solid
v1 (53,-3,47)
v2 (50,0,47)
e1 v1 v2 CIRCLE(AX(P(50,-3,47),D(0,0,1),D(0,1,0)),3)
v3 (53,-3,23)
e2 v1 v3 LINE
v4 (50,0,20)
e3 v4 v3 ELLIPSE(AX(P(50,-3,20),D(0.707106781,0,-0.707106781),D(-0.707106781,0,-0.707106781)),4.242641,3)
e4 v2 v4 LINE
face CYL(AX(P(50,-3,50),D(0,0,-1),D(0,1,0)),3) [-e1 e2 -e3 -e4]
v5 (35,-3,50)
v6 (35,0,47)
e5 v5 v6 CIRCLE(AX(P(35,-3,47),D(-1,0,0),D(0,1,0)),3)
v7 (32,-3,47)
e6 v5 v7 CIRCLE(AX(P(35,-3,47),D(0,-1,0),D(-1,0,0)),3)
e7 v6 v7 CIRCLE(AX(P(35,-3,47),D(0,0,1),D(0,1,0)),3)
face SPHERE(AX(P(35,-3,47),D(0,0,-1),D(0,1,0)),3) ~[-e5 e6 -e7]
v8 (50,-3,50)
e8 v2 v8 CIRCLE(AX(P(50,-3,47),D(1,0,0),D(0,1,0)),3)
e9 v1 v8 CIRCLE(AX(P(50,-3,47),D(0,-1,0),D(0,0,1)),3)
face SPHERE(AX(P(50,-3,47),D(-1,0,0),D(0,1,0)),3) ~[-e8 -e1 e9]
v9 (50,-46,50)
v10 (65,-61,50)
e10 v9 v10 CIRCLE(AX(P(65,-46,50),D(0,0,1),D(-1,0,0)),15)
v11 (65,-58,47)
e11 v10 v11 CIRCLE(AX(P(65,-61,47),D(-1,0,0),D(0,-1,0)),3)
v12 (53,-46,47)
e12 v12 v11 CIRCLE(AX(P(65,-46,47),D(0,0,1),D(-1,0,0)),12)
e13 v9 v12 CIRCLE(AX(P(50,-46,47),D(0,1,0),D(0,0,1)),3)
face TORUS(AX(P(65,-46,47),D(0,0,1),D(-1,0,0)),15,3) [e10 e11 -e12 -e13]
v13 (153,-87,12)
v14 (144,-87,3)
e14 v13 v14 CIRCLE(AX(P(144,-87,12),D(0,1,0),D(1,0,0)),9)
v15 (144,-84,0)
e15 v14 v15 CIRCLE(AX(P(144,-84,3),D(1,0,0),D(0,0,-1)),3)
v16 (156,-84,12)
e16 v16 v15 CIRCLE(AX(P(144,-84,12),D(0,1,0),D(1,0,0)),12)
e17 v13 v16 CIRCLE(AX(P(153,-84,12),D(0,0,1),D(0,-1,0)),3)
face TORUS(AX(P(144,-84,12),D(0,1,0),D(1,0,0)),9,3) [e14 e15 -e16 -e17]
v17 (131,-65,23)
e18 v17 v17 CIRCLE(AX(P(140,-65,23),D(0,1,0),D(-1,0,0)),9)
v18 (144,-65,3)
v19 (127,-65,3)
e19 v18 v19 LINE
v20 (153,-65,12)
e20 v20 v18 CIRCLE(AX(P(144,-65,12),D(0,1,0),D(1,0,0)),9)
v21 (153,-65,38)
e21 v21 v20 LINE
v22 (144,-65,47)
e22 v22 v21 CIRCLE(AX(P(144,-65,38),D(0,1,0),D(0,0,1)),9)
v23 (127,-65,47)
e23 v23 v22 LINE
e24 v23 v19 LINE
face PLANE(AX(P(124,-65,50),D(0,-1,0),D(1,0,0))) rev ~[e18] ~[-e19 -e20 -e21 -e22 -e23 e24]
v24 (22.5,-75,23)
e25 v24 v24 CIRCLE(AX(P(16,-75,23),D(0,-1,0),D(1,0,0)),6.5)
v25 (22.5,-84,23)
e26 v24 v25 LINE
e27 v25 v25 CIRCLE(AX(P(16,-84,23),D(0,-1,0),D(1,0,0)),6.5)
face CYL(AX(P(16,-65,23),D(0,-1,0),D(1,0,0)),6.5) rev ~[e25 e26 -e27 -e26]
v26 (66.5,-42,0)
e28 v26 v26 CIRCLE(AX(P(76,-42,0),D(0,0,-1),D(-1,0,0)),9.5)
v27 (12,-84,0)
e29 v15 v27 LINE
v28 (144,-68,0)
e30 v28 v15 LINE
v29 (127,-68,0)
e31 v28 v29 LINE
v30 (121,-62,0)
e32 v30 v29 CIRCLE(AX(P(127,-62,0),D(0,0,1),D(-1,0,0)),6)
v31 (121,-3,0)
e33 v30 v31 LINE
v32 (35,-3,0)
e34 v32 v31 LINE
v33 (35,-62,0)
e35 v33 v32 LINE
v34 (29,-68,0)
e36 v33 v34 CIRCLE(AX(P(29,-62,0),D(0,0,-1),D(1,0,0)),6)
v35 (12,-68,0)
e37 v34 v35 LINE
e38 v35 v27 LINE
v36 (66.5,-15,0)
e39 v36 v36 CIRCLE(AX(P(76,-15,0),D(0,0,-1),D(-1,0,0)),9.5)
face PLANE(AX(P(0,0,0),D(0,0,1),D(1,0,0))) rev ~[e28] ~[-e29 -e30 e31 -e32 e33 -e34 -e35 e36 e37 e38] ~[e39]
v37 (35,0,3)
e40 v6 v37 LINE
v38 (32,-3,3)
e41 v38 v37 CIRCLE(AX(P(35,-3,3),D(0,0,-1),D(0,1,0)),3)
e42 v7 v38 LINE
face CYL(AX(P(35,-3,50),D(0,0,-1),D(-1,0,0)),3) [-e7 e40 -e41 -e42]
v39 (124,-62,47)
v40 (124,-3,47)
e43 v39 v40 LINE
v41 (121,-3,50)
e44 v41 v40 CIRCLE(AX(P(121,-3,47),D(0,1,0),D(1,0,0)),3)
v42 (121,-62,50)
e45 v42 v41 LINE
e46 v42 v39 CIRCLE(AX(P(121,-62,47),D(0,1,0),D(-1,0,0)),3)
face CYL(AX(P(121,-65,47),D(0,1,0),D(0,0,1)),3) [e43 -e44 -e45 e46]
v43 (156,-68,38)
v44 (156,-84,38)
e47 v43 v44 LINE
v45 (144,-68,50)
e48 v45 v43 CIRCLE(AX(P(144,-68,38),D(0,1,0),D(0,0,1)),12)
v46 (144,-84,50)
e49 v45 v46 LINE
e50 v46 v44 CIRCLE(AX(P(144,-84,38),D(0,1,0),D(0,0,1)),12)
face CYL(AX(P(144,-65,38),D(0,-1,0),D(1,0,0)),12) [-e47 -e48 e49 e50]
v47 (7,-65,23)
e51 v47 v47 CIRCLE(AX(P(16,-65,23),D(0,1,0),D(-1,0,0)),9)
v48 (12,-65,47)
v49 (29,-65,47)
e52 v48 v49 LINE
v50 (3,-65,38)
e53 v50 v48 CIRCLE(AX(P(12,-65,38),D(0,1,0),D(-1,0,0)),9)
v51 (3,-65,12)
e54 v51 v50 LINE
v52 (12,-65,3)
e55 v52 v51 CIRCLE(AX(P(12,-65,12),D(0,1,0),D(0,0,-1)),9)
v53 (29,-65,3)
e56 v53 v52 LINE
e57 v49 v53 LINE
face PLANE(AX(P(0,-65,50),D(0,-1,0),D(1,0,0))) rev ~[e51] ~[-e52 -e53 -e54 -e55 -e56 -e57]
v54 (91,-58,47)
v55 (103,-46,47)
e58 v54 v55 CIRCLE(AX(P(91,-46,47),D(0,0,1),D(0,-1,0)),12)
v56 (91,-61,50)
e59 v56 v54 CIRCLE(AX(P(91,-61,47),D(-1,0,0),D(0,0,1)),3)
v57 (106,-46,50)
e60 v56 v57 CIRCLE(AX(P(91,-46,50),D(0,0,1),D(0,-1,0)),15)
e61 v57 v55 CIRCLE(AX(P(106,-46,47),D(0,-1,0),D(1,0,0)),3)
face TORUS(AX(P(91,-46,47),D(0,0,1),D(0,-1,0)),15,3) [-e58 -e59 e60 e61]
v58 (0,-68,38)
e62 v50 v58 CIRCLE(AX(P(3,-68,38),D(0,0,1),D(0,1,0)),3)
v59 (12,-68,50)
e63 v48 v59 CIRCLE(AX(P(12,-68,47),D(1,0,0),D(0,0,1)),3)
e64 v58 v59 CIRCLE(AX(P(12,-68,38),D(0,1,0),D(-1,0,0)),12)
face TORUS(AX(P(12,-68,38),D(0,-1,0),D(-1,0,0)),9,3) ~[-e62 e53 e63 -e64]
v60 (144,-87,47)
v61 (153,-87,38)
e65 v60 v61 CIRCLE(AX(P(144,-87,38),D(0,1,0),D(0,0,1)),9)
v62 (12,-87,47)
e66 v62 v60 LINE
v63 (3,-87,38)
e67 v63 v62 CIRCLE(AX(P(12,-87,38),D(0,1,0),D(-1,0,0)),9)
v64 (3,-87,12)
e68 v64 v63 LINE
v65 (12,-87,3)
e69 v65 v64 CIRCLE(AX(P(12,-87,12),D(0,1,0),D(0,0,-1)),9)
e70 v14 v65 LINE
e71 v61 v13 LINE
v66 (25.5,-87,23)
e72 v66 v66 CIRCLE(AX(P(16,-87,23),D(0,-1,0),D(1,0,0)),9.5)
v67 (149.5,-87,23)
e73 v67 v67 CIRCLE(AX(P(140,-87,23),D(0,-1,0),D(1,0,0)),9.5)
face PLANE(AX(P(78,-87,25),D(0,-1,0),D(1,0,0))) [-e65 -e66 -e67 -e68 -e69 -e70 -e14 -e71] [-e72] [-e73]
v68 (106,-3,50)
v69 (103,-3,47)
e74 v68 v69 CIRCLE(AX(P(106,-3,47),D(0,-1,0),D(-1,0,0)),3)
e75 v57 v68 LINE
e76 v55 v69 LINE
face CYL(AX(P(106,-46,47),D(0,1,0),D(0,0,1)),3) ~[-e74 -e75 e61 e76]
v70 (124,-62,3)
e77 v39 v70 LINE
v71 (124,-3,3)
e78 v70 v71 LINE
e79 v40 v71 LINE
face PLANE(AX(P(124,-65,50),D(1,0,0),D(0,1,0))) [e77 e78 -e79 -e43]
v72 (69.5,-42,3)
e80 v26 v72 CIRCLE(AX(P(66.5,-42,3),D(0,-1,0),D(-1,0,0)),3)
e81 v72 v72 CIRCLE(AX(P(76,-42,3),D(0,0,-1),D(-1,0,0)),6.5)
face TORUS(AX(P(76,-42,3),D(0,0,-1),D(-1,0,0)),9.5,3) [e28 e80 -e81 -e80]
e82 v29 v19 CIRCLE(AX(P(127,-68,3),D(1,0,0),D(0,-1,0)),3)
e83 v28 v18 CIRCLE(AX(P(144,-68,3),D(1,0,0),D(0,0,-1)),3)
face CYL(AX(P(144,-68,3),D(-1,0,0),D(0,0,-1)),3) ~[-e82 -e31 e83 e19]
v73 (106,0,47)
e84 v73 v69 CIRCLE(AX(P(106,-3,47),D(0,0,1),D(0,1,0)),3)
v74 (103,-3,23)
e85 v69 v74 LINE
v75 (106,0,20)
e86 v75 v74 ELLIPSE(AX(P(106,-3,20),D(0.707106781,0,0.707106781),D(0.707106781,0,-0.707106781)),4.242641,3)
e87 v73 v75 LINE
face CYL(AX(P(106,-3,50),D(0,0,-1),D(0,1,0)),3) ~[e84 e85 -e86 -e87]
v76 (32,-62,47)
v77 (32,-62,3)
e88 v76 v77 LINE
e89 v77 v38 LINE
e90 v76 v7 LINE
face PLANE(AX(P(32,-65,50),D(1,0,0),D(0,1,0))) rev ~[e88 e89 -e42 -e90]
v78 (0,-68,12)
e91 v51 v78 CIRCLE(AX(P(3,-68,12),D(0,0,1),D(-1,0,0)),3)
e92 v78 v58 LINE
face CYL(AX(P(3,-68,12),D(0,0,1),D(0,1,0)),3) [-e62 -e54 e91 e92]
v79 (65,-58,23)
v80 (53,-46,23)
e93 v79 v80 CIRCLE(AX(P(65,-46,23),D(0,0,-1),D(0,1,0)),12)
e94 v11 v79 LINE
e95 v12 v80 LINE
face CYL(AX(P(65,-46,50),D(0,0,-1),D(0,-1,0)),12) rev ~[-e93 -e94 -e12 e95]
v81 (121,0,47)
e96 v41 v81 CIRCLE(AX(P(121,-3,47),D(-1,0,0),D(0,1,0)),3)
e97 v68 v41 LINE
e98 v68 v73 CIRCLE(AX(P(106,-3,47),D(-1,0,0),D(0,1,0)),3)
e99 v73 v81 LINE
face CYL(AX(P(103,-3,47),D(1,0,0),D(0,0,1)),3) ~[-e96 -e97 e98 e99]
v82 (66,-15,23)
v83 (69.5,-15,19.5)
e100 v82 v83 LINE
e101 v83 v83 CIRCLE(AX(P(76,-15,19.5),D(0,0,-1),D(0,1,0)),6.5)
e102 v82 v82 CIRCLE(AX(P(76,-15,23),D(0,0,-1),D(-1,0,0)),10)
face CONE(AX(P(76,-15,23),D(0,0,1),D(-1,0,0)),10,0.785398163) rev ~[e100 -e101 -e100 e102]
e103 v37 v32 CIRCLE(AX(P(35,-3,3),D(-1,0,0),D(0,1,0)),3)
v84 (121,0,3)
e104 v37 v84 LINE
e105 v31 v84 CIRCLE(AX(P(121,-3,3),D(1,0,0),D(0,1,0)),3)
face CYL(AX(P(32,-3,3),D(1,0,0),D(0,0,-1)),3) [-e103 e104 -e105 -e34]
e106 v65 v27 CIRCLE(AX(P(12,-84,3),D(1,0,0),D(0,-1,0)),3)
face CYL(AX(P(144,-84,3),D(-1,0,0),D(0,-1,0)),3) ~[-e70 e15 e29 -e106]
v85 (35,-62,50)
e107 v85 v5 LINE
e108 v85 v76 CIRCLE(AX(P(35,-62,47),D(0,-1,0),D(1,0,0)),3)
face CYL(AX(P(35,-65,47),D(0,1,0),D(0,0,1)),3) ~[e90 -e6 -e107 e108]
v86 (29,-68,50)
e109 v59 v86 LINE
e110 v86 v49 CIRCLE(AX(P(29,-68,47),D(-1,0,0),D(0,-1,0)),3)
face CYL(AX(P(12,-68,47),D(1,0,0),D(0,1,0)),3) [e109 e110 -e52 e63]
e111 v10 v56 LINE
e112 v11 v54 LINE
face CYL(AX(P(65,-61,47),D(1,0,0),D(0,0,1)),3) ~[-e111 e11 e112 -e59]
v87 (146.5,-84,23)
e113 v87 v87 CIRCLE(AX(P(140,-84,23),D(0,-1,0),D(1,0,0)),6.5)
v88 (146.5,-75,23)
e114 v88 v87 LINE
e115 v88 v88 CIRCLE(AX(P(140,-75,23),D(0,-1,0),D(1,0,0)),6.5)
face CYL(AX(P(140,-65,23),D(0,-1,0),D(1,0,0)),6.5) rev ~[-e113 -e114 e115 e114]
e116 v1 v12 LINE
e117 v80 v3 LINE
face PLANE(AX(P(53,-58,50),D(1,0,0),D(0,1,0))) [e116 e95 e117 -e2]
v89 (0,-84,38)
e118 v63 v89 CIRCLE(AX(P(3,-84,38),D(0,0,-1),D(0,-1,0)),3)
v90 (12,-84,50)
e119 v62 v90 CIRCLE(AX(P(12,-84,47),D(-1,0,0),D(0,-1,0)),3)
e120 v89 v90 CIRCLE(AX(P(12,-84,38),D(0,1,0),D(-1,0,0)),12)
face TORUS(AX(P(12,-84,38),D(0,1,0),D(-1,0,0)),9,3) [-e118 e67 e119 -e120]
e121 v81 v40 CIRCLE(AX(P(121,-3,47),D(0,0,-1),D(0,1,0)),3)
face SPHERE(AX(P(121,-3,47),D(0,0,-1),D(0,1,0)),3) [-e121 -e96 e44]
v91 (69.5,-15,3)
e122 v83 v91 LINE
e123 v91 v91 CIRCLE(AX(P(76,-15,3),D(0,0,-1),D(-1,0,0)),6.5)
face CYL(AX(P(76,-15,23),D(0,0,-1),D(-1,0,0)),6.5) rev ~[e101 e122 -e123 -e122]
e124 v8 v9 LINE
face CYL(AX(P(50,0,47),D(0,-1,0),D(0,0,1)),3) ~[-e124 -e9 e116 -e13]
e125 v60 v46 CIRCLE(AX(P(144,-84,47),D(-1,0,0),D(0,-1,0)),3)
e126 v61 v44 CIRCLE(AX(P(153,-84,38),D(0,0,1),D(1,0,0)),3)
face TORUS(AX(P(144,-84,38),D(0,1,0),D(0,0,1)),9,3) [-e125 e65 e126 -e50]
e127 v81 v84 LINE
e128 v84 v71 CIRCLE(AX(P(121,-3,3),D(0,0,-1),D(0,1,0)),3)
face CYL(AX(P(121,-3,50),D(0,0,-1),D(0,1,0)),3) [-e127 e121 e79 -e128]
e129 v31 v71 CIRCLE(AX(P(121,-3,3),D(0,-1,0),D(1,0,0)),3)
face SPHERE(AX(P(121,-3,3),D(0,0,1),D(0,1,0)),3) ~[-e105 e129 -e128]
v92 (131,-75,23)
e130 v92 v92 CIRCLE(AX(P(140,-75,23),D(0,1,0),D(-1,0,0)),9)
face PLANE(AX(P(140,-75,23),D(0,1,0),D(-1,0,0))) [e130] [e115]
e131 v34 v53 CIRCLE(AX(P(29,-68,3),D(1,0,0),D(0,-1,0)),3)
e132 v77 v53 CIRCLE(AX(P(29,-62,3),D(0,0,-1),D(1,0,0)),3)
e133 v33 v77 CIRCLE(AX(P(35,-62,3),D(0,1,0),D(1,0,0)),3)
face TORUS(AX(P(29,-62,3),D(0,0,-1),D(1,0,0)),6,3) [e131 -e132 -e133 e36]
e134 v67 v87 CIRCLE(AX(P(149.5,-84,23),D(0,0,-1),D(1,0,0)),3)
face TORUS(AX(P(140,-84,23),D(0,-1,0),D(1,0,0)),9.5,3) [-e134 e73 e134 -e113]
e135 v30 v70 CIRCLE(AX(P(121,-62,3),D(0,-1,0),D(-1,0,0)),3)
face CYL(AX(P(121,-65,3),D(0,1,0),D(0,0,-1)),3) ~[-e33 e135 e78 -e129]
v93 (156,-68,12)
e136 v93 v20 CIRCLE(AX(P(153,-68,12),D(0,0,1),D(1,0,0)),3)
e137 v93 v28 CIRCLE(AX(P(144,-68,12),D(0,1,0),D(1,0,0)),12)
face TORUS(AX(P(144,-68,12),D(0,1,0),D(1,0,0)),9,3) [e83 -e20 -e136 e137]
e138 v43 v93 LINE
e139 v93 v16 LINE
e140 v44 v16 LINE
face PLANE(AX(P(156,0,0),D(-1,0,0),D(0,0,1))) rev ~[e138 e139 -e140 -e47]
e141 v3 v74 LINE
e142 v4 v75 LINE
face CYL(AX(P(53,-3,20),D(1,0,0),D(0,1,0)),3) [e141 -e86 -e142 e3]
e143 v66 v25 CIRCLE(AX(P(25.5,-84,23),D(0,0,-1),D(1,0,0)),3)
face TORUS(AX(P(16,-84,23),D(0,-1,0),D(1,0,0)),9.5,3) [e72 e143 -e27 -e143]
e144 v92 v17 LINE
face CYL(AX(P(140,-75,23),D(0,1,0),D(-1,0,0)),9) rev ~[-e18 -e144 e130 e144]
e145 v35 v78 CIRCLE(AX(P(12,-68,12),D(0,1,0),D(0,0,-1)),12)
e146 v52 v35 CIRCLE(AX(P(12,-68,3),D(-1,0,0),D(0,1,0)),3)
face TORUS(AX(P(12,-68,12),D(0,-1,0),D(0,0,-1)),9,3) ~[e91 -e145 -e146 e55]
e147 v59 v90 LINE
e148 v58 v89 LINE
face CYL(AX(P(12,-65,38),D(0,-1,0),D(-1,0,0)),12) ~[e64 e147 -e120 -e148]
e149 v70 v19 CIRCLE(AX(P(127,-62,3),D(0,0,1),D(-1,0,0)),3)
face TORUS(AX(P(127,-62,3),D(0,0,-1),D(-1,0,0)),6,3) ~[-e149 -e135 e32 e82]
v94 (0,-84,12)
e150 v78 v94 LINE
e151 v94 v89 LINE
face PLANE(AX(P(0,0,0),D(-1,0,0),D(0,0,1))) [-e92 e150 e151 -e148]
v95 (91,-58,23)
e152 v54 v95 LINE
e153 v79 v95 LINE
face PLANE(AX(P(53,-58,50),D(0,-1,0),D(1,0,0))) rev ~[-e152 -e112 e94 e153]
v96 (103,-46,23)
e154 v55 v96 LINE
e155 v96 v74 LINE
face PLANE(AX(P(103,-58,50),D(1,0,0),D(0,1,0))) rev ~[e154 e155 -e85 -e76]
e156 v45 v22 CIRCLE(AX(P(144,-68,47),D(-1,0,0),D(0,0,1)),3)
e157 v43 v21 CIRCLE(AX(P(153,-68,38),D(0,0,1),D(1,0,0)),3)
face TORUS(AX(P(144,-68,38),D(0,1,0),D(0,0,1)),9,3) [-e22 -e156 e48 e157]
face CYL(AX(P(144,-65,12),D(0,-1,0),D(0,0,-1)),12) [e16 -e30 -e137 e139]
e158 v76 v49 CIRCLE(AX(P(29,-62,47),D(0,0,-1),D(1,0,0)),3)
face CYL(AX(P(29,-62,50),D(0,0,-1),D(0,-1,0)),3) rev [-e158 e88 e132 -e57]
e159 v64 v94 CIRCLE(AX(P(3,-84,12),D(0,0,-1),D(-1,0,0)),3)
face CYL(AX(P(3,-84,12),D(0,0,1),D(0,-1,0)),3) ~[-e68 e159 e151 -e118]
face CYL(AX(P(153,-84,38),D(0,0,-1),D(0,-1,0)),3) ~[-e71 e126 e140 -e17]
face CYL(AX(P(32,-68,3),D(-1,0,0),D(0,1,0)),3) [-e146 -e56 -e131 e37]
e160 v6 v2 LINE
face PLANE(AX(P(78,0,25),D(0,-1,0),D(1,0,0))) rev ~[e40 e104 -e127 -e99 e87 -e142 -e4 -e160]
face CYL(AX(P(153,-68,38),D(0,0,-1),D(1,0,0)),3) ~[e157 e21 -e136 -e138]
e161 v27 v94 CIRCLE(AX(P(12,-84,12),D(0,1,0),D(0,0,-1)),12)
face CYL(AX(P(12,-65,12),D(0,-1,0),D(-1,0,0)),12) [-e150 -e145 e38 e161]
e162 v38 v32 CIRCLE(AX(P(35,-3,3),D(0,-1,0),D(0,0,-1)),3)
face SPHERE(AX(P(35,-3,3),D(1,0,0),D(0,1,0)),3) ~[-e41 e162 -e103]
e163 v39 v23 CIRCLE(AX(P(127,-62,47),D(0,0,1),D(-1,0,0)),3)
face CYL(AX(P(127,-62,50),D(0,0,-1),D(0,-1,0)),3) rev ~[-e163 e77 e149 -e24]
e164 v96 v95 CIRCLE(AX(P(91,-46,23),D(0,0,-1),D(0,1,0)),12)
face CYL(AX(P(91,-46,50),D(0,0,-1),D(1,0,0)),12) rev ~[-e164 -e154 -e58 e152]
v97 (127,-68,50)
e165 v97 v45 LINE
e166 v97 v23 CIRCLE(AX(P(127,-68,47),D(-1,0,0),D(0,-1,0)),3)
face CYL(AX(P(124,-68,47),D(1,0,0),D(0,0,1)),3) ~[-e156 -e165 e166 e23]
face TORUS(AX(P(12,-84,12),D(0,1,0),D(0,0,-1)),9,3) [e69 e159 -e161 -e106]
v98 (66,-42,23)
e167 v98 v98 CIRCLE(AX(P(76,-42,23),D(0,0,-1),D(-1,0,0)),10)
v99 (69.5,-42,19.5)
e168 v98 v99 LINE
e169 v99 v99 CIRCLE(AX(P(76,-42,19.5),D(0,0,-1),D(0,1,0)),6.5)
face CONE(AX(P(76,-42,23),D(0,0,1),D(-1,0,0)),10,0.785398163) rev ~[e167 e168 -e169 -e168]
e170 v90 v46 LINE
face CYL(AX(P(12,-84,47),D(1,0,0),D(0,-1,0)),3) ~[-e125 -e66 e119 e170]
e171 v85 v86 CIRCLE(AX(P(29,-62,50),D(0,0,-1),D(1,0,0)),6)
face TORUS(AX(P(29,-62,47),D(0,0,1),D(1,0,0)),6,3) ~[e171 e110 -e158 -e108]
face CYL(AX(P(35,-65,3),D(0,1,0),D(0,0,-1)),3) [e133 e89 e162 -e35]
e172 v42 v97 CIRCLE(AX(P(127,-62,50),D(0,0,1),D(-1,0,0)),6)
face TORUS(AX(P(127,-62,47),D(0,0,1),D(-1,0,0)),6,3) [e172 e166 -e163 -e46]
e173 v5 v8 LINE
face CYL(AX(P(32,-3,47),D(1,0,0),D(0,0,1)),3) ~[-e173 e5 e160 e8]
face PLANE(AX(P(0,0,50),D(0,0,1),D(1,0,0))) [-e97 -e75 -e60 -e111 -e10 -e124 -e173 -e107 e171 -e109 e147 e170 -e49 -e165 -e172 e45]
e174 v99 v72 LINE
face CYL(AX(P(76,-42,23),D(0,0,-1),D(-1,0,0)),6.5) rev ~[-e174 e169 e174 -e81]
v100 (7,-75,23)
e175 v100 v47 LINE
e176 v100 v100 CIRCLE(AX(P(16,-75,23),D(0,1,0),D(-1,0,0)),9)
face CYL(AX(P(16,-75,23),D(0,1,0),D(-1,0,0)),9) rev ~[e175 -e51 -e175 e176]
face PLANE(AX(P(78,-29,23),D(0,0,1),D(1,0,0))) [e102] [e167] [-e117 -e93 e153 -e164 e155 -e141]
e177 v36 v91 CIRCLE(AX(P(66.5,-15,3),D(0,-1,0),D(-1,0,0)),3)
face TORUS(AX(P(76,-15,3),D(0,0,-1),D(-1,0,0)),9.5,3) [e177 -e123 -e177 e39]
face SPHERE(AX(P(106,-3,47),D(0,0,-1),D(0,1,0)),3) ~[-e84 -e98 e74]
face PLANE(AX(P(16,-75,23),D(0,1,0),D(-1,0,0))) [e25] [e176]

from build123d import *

# Parameters (mm, degrees)
F0_W           = 156
F0_H           = 50
F1_DEPTH       = 87
F2_W           = 32
F2_H           = 65
F3_DEPTH       = 50
F4_W           = 50
F4_H           = 58
F5_DEPTH       = 27
F7_D           = 13
F7_CBORE_D     = 18
F7_CBORE_DEPTH = 10
F9_D           = 13
F9_CSINK_D     = 20
F9_CSINK_ANGLE = 90
F10_R          = 12
F11_R          = 3


with BuildPart() as f1:
    # F0 (on Front) → F1 (new body)
    with BuildSketch(Plane.XZ):
        with Locations((78, 25)):
            Rectangle(F0_W, F0_H)
    extrude(amount=F1_DEPTH)

    # F2 (on face) → F3 (cut, through all)
    with BuildSketch(Plane.XY.offset(50)):
        with Locations((140, -32.5)):
            Rectangle(F2_W, F2_H)
        with Locations((16, -32.5)):
            Rectangle(F2_W, F2_H)
    extrude(amount=-F3_DEPTH, mode=Mode.SUBTRACT)

    # F4 (on face) → F5 (cut)
    with BuildSketch(Plane.XY.offset(50)):
        with Locations((78, -29)):
            Rectangle(F4_W, F4_H)
    extrude(amount=-F5_DEPTH, mode=Mode.SUBTRACT)

    # F7 (through all)
    with Locations(Plane(origin=(0, -65, 0), x_dir=(-1, 0, 0), z_dir=(0, 1, 0))):
        with Locations((-140, 23), (-16, 23)):
            CounterBoreHole(F7_D / 2, F7_CBORE_D / 2, F7_CBORE_DEPTH)

    # F9 (through all)
    with Locations(Plane.XY.offset(23)):
        with Locations((76, -15), (76, -42)):
            CounterSinkHole(F9_D / 2, F9_CSINK_D / 2, counter_sink_angle=F9_CSINK_ANGLE)

    # F10
    f10_edges = [f1.edges().sort_by_distance(p)[0] for p in [
        (156, -76, 50),
        (156, -76, 0),
        (0, -76, 50),
        (0, -76, 0),
        (53, -58, 36.5),
        (103, -58, 36.5),
    ]]
    fillet(f10_edges, radius=F10_R)

    # F11
    f11_edges = [f1.edges().sort_by_distance(p)[0] for p in [
        (124, 0, 25),
        (78, 0, 0),
        (32, 0, 25),
        (42.5, 0, 50),
        (53, 0, 36.5),
        (78, 0, 23),
        (103, 0, 36.5),
        (113.5, 0, 50),
        (103, -23, 50),
        (99.485281, -54.485281, 50),
        (78, -58, 50),
        (124, -32.5, 50),
        (56.514719, -54.485281, 50),
        (134, -65, 50),
        (53, -23, 50),
        (144, -76, 50),
        (78, -87, 50),
        (32, -32.5, 50),
        (12, -76, 50),
        (22, -65, 50),
        (32, -65, 25),
        (32, -32.5, 0),
        (124, -65, 25),
        (124, -32.5, 0),
        (22, -65, 0),
        (12, -76, 0),
        (78, -87, 0),
        (144, -76, 0),
        (134, -65, 0),
        (69.5, -42, 0),
        (69.5, -15, 0),
        (0, -87, 25),
        (3.514719, -87, 46.485281),
        (3.514719, -87, 3.514719),
        (152.485281, -87, 46.485281),
        (152.485281, -87, 3.514719),
        (156, -87, 25),
        (22.5, -87, 23),
        (146.5, -87, 23),
    ]]
    fillet(f11_edges, radius=F11_R)


solid = f1.part
